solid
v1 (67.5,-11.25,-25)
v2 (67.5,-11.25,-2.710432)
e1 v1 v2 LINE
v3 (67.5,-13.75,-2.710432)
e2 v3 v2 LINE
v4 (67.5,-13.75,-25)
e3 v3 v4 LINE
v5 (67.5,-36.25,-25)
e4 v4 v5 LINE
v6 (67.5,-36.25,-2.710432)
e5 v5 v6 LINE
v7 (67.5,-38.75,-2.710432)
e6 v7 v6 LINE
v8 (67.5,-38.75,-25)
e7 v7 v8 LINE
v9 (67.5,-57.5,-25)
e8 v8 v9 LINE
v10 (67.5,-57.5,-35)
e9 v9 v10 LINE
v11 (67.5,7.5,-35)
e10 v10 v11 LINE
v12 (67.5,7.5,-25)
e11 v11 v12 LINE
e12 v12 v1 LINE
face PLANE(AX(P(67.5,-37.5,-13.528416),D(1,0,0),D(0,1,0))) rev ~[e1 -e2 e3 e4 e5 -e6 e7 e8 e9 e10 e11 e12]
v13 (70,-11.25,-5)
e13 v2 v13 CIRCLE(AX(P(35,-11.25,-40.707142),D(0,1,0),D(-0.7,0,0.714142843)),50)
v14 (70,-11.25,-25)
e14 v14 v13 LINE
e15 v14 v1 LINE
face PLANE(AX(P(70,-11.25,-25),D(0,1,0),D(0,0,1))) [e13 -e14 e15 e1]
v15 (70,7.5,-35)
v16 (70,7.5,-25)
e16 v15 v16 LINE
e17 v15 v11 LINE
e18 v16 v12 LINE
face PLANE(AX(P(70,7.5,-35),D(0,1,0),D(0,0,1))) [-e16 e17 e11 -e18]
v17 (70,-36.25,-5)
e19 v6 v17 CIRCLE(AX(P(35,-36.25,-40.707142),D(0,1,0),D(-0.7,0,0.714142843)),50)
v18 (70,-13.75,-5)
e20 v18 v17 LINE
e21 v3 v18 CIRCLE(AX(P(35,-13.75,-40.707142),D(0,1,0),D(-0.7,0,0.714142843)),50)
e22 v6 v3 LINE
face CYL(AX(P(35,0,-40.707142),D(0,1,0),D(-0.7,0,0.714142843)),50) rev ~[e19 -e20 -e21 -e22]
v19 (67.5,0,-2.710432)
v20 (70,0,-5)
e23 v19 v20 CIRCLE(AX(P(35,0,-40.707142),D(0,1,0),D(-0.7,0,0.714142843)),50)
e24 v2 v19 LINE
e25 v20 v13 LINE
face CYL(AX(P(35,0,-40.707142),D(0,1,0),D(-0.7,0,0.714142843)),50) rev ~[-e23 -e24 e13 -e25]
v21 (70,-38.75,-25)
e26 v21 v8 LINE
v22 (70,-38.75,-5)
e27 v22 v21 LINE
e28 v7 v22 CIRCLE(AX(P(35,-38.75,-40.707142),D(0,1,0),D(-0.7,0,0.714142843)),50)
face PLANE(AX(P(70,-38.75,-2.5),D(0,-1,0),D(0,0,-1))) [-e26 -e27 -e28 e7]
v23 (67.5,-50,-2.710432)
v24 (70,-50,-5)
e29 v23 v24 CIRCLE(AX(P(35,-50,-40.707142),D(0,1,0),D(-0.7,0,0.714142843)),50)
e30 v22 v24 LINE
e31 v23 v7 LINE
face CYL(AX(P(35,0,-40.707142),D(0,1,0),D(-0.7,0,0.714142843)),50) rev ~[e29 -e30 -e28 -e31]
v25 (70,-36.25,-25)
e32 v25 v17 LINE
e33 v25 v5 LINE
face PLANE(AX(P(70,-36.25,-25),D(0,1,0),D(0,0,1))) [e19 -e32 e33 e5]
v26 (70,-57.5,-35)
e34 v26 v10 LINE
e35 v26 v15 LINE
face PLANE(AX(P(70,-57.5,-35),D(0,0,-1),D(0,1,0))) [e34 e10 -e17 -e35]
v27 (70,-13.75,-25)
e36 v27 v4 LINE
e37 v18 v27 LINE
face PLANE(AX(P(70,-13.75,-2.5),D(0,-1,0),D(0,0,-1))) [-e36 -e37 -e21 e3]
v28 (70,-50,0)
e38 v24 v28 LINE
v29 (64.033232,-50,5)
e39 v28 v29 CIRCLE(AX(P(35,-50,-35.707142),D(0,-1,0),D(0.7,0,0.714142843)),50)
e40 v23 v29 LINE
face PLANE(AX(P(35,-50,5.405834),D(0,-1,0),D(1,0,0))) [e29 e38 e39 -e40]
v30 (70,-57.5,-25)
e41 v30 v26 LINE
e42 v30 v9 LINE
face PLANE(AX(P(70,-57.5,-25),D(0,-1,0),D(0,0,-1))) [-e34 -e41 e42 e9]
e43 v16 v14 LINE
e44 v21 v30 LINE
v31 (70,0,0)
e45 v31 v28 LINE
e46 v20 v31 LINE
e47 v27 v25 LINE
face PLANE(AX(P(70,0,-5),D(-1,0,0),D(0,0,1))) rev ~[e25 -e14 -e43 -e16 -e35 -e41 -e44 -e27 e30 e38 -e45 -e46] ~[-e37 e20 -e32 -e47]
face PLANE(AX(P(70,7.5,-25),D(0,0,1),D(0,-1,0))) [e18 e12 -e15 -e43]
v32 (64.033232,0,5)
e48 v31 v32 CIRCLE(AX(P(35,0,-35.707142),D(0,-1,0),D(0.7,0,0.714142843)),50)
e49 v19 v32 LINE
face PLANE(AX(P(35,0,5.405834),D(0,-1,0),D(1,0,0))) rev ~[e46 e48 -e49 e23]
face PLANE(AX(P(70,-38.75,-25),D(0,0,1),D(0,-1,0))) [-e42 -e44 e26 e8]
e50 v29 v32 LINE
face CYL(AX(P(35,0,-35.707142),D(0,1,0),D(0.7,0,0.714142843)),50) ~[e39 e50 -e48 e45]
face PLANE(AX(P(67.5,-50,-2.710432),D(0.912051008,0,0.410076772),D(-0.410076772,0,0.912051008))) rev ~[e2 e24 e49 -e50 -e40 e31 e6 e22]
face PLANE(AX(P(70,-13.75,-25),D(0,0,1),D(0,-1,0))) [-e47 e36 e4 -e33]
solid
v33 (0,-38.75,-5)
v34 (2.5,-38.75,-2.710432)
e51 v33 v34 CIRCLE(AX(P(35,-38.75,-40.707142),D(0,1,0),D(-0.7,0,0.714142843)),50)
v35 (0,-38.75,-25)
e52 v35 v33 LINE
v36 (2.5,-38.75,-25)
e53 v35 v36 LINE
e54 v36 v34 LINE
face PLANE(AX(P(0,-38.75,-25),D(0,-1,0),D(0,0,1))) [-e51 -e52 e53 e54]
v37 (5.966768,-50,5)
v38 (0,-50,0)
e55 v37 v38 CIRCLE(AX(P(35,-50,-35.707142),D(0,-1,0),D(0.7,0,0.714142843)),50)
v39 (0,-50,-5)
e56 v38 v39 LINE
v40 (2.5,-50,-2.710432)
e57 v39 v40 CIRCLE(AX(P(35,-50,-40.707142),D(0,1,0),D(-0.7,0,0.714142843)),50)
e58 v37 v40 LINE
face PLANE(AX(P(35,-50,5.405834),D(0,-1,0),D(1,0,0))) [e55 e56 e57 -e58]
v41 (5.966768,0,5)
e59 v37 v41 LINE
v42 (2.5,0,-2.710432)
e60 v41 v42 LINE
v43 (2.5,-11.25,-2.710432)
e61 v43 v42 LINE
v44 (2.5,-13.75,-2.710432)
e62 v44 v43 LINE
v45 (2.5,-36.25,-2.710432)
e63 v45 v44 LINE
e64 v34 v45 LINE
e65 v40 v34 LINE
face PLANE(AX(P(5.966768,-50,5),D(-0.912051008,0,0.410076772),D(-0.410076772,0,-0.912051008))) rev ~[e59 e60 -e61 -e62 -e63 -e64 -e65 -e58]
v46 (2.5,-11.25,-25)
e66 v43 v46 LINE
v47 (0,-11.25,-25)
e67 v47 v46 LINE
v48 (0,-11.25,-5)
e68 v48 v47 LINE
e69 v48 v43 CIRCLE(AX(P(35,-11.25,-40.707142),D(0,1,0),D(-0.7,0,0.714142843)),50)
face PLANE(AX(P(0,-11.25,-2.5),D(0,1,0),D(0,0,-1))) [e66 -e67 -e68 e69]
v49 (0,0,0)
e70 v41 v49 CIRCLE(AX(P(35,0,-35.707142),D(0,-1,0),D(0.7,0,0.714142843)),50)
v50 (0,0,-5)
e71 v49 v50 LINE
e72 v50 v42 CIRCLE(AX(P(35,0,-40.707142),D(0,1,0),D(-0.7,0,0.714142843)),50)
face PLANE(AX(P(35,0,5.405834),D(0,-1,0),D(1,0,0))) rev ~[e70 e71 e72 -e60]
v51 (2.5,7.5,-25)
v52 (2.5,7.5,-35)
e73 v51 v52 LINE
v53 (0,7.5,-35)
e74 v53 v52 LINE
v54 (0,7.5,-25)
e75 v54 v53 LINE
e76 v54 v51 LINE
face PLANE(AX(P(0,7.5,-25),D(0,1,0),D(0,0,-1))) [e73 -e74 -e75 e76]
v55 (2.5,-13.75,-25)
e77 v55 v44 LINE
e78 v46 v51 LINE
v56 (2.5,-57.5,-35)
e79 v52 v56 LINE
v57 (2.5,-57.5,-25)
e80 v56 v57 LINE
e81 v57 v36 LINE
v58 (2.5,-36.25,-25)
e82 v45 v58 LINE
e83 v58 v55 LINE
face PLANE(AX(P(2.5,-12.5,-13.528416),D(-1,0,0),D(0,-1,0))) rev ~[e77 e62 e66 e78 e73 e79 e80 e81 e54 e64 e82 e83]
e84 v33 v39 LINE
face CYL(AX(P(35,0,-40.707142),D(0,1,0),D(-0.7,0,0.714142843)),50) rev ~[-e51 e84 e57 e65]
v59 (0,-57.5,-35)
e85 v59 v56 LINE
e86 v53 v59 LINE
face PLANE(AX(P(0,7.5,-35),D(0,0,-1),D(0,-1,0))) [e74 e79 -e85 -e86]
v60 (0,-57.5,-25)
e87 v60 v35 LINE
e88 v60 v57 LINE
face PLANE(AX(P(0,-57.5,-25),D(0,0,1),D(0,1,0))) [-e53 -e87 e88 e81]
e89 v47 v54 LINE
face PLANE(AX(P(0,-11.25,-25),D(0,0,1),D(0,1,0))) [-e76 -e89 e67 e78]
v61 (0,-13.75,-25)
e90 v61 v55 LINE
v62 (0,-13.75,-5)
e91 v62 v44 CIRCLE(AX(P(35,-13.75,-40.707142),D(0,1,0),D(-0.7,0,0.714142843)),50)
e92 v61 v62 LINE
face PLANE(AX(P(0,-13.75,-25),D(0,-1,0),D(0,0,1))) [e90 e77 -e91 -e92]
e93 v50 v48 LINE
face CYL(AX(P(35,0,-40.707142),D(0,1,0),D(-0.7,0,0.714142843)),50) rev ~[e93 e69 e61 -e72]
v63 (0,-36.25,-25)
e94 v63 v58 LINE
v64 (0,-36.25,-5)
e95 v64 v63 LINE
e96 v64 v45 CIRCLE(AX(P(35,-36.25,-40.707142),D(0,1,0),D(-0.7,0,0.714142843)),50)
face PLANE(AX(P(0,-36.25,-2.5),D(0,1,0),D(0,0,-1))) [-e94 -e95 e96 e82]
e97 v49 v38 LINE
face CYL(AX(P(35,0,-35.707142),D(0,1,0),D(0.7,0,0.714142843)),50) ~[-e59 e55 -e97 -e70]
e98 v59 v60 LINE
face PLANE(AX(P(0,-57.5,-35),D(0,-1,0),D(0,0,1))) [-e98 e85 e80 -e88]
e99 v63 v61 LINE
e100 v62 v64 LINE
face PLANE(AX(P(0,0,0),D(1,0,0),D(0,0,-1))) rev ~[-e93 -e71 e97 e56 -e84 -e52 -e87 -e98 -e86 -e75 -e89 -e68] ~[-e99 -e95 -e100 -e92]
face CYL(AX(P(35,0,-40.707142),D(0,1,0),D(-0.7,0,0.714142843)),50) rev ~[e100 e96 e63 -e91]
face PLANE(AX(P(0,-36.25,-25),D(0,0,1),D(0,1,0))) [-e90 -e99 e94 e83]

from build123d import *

# Parameters (mm, degrees)
F1_DEPTH = 50
F2_W     = 2.5
F2_H     = 5
F3_DEPTH = 2.5
F4_W     = 2.5
F4_H     = 5
F5_DEPTH = 2.5
F7_DEPTH = 50


with BuildPart() as f1:
    # F0 (on Front) → F1 (new body)
    with BuildSketch(Plane.XZ):
        with BuildLine():
            Line((70, -5), (70, 0))
            ThreePointArc((70, 0), (35, 14.2928578573), (0, 0))
            Line((0, 0), (0, -5))
            ThreePointArc((0, -5), (35, 9.2928578573), (70, -5))
        make_face()
    extrude(amount=F1_DEPTH)

    # F2 (on face) → F3 (join)
    with BuildSketch(Plane.YZ.offset(70)):
        with BuildLine():
            Line((-38.75, -2.5), (-38.75, -5))
            Line((-38.75, -5), (-38.75, -25))
            Line((-38.75, -25), (-36.25, -25))
            Line((-36.25, -25), (-36.25, -5))
            Line((-36.25, -5), (-36.25, -2.5))
            ThreePointArc((-36.25, -2.5), (-37.5, -3.75), (-38.75, -2.5))
        make_face()
        with Locations((-37.5, -27.5)):
            Rectangle(F2_W, F2_H)
        Polygon((-38.75, -30), (-38.75, -25), (-57.5, -25), (-57.5, -30), (-57.5, -35), (7.5, -35), (7.5, -30), (7.5, -25), (-11.25, -25), (-11.25, -30), (-13.75, -30), (-13.75, -25), (-36.25, -25), (-36.25, -30), align=None)
        with BuildLine():
            ThreePointArc((-36.25, -2.5), (-37.5, -1.25), (-38.75, -2.5))
            Line((-38.75, -2.5), (-36.25, -2.5))
        make_face()
        with BuildLine():
            Line((-36.25, -2.5), (-38.75, -2.5))
            ThreePointArc((-38.75, -2.5), (-37.5, -3.75), (-36.25, -2.5))
        make_face()
        with Locations((-12.5, -27.5)):
            Rectangle(F2_W, F2_H)
        with BuildLine():
            Line((-13.75, -5), (-13.75, -25))
            Line((-13.75, -25), (-11.25, -25))
            Line((-11.25, -25), (-11.25, -5))
            Line((-11.25, -5), (-11.25, -2.5))
            ThreePointArc((-11.25, -2.5), (-12.5, -3.75), (-13.75, -2.5))
            Line((-13.75, -2.5), (-13.75, -5))
        make_face()
        with BuildLine():
            ThreePointArc((-11.25, -2.5), (-12.5, -1.25), (-13.75, -2.5))
            Line((-13.75, -2.5), (-11.25, -2.5))
        make_face()
        with BuildLine():
            Line((-11.25, -2.5), (-13.75, -2.5))
            ThreePointArc((-13.75, -2.5), (-12.5, -3.75), (-11.25, -2.5))
        make_face()
    extrude(amount=-F3_DEPTH)

    # F4 (on face) → F5 (join)
    with BuildSketch(Plane(origin=(0, 0, 0), x_dir=(0, -1, 0), z_dir=(-1, 0, 0))):
        with BuildLine():
            Line((11.25, -2.5), (11.25, -5))
            Line((11.25, -5), (11.25, -25))
            Line((11.25, -25), (13.75, -25))
            Line((13.75, -25), (13.75, -5))
            Line((13.75, -5), (13.75, -2.5))
            ThreePointArc((13.75, -2.5), (12.5, -3.75), (11.25, -2.5))
        make_face()
        with Locations((12.5, -27.5)):
            Rectangle(F4_W, F4_H)
        Polygon((11.25, -30), (11.25, -25), (-7.5, -25), (-7.5, -30), (-7.5, -35), (57.5, -35), (57.5, -30), (57.5, -25), (38.75, -25), (38.75, -30), (36.25, -30), (36.25, -25), (13.75, -25), (13.75, -30), align=None)
        with BuildLine():
            ThreePointArc((13.75, -2.5), (12.5, -1.25), (11.25, -2.5))
            Line((11.25, -2.5), (13.75, -2.5))
        make_face()
        with BuildLine():
            Line((13.75, -2.5), (11.25, -2.5))
            ThreePointArc((11.25, -2.5), (12.5, -3.75), (13.75, -2.5))
        make_face()
        with Locations((37.5, -27.5)):
            Rectangle(F4_W, F4_H)
        with BuildLine():
            Line((36.25, -5), (36.25, -25))
            Line((36.25, -25), (38.75, -25))
            Line((38.75, -25), (38.75, -2.5))
            ThreePointArc((38.75, -2.5), (37.5, -3.75), (36.25, -2.5))
            Line((36.25, -2.5), (36.25, -5))
        make_face()
        with BuildLine():
            ThreePointArc((38.75, -2.5), (37.5, -1.25), (36.25, -2.5))
            Line((36.25, -2.5), (38.75, -2.5))
        make_face()
        with BuildLine():
            Line((38.75, -2.5), (36.25, -2.5))
            ThreePointArc((36.25, -2.5), (37.5, -3.75), (38.75, -2.5))
        make_face()
    extrude(amount=-F5_DEPTH)

    # F6 (on face) → F7 (cut)
    with BuildSketch(Plane.XZ.offset(50)):
        with BuildLine():
            Line((5.9667676864, 5), (2.5, -2.7104317588))
            ThreePointArc((2.5, -2.7104317588), (35, 9.2928578573), (67.5, -2.7104317588))
            Line((67.5, -2.7104317588), (64.0332323136, 5))
            ThreePointArc((64.0332323136, 5), (35, 14.2928578573), (5.9667676864, 5))
        make_face()
    extrude(amount=-F7_DEPTH, mode=Mode.SUBTRACT)


solid = f1.part
